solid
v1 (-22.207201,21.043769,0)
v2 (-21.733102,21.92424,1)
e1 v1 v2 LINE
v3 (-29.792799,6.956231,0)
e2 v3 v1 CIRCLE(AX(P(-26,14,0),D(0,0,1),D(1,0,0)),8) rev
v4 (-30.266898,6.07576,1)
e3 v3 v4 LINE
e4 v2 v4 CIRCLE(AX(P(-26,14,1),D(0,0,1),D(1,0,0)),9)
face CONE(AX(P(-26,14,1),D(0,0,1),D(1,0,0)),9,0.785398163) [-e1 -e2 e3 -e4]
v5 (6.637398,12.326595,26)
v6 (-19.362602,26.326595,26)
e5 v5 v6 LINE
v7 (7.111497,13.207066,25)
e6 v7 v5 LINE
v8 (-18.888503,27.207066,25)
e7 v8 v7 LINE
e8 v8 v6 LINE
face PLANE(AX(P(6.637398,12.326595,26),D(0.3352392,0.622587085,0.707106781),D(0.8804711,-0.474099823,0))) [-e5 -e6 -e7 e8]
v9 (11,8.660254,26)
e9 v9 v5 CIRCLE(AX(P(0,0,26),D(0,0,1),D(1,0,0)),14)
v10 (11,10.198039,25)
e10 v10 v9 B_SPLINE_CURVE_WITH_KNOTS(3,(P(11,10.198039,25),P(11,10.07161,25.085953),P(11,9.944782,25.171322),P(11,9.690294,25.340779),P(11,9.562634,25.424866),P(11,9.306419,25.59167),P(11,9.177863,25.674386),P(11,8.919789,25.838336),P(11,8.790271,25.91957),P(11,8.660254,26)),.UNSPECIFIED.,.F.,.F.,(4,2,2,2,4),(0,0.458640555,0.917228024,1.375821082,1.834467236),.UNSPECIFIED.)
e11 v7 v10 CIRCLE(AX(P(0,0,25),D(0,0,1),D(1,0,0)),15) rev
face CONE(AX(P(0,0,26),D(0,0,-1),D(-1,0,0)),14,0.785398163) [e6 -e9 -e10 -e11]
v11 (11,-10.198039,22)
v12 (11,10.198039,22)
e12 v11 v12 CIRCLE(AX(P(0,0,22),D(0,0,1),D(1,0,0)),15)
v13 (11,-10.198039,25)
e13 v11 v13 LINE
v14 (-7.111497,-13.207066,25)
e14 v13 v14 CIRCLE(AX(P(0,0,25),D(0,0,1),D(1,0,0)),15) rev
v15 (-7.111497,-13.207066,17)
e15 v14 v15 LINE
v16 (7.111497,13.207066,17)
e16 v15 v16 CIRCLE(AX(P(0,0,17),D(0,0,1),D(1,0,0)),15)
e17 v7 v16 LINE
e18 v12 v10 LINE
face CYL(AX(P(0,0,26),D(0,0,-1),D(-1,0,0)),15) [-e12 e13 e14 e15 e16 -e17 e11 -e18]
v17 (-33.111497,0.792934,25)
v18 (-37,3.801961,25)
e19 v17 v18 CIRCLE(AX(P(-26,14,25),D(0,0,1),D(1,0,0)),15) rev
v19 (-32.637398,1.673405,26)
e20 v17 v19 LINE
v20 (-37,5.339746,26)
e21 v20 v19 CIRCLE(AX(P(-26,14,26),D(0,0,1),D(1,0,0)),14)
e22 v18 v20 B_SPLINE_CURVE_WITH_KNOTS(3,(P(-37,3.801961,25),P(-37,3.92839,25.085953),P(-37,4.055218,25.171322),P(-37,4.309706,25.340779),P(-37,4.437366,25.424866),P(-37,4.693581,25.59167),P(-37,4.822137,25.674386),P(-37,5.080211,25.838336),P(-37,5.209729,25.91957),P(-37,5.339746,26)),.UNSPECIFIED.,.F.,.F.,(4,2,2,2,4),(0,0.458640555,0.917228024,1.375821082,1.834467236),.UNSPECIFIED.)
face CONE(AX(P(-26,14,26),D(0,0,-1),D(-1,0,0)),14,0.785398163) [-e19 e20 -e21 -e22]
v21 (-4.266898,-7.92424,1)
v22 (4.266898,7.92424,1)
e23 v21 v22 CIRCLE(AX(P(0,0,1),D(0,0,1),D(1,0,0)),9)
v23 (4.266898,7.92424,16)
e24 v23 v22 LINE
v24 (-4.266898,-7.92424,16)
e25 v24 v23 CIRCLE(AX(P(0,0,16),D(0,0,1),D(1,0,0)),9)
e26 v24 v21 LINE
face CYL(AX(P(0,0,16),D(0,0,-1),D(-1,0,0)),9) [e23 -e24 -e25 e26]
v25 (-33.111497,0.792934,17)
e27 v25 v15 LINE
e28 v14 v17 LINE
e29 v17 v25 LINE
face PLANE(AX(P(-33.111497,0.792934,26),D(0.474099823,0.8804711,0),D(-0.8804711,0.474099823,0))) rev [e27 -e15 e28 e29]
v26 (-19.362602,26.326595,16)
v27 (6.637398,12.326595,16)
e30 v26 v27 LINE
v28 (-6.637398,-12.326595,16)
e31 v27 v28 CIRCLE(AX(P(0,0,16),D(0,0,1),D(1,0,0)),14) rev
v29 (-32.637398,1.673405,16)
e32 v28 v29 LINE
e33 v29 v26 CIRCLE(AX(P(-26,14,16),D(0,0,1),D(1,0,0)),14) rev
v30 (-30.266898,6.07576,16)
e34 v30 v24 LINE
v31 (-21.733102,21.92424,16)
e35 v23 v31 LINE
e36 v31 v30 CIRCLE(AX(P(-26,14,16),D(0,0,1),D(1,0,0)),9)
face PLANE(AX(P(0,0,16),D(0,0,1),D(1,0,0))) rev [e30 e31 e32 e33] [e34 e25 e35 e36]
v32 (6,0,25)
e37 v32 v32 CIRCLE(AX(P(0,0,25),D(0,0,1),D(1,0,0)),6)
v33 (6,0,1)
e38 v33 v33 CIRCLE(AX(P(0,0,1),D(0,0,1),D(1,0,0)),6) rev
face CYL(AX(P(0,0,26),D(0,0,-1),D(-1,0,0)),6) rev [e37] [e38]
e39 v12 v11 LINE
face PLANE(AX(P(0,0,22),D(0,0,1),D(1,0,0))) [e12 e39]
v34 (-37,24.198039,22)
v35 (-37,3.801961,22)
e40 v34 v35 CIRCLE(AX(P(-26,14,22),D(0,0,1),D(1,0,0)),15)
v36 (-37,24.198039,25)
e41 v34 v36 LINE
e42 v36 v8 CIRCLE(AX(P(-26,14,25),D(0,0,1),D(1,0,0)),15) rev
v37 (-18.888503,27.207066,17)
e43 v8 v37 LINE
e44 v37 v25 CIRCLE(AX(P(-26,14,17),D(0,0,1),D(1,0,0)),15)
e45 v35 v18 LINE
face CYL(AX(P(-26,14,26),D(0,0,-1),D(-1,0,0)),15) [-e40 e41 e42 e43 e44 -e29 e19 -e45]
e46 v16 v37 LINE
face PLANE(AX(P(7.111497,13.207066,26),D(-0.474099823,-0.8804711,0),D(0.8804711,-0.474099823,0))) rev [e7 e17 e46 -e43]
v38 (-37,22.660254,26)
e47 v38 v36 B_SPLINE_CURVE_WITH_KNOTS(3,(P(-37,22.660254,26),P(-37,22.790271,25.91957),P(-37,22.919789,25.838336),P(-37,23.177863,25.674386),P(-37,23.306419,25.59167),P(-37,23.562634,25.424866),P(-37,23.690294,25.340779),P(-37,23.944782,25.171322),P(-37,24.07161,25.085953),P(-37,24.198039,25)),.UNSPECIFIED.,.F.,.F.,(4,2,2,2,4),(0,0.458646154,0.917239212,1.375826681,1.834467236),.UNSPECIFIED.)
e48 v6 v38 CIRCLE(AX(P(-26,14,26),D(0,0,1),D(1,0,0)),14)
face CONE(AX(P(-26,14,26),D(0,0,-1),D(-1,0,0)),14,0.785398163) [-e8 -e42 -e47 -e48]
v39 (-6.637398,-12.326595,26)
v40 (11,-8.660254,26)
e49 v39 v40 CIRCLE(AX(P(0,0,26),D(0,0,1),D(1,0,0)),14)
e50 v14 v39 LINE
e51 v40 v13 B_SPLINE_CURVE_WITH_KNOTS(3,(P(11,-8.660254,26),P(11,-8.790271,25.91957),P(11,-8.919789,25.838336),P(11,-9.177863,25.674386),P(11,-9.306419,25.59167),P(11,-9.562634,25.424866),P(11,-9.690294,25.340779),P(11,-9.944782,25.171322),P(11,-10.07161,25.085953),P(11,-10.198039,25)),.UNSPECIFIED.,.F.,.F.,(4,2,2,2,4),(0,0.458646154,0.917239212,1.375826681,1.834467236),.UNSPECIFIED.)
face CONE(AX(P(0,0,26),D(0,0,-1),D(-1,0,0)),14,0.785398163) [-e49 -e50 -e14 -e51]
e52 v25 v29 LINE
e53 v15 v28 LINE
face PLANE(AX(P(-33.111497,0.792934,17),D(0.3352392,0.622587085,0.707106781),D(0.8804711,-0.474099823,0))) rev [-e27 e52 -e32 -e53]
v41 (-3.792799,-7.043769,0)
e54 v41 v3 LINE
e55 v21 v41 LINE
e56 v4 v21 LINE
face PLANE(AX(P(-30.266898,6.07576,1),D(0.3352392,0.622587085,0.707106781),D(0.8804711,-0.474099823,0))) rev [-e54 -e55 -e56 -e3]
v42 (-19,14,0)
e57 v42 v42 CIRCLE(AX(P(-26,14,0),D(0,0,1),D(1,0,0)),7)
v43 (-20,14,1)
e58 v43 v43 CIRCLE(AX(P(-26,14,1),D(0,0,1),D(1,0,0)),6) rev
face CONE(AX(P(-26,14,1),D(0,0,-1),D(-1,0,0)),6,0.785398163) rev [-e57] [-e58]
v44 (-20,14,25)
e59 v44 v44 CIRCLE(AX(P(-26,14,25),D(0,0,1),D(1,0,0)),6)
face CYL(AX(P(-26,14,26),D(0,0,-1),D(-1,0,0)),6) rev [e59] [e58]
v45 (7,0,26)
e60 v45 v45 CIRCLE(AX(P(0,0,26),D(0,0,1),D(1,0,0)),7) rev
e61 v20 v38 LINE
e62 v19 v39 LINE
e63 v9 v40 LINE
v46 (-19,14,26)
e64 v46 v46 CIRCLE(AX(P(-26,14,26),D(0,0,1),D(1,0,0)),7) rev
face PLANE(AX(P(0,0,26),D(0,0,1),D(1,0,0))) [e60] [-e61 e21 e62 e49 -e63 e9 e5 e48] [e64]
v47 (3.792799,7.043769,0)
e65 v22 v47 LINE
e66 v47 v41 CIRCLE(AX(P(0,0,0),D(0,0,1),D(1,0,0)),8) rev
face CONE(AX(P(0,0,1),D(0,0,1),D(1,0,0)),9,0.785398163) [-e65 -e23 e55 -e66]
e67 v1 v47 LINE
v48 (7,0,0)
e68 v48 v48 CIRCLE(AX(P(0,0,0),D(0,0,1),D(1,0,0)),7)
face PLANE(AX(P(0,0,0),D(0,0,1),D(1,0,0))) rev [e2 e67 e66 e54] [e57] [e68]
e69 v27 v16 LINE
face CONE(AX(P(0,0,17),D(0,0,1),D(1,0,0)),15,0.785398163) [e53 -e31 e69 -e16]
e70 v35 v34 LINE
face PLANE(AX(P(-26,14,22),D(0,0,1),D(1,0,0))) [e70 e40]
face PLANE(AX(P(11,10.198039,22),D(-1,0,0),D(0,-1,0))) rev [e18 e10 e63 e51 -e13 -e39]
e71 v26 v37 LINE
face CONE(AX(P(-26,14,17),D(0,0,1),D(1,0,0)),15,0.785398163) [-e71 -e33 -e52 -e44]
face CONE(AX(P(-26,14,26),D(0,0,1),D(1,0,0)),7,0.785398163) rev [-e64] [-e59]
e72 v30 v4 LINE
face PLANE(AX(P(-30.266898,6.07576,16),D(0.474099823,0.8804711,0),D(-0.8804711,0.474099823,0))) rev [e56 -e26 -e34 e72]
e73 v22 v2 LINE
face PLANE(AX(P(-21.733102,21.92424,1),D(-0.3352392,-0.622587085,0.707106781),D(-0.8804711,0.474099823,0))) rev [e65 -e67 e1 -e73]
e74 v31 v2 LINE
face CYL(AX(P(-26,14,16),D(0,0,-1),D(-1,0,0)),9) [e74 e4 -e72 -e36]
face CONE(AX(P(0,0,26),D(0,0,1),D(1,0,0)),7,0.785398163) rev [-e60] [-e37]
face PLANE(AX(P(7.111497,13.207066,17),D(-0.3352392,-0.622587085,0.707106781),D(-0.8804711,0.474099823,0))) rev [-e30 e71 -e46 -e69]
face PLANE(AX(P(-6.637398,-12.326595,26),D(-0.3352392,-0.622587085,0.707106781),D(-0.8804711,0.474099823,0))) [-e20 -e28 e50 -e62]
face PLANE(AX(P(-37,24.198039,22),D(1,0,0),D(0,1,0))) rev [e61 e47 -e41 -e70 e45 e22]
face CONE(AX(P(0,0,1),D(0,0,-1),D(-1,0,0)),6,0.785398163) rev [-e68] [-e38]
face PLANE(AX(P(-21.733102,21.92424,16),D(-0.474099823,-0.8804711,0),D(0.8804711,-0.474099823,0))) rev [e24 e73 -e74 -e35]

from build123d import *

# Parameters (mm, degrees)
EXTRUDE_1_DEPTH     = 16
EXTRUDE_2_DEPTH     = 10
CUT_EXTRUDE_1_DEPTH = 4
SKETCH_4_R          = 6
CUT_EXTRUDE_2_DEPTH = 27
CHAMFER_1_SIZE      = 1


with BuildPart() as part:
    # 草图1 → 凸台-拉伸1 (new body)
    with BuildSketch(Plane.XY):
        with BuildLine():
            Line((-30.266898407, 6.075760101), (-4.266898407, -7.924239899))
            ThreePointArc((-4.266898407, -7.924239899), (7.924239899, -4.266898407), (4.266898407, 7.924239899))
            Line((4.266898407, 7.924239899), (-21.733101593, 21.924239899))
            ThreePointArc((-21.733101593, 21.924239899), (-33.924239899, 18.266898407), (-30.266898407, 6.075760101))
        make_face()
    extrude(amount=EXTRUDE_1_DEPTH)

    # 草图2 → 凸台-拉伸2 (add)
    with BuildSketch(Plane.XY.offset(16)):
        with BuildLine():
            Line((7.111497346, 13.207066499), (-18.888502654, 27.207066499))
            ThreePointArc((-18.888502654, 27.207066499), (-39.207066499, 21.111497346), (-33.111497346, 0.792933501))
            Line((-33.111497346, 0.792933501), (-7.111497346, -13.207066499))
            ThreePointArc((-7.111497346, -13.207066499), (13.207066499, -7.111497346), (7.111497346, 13.207066499))
        make_face()
    extrude(amount=EXTRUDE_2_DEPTH)

    # 草图3 → 切除-拉伸1 (cut)
    with BuildSketch(Plane.XY.offset(26)):
        with BuildLine():
            Line((-37, 24.198039027), (-37, 3.801960973))
            ThreePointArc((-37, 3.801960973), (-41, 14), (-37, 24.198039027))
        make_face()
        with BuildLine():
            Line((11, 10.198039027), (11, -10.198039027))
            ThreePointArc((11, -10.198039027), (15, 0), (11, 10.198039027))
        make_face()
    extrude(amount=-CUT_EXTRUDE_1_DEPTH, mode=Mode.SUBTRACT)

    # 草图4 → 切除-拉伸2 (cut, through all)
    with BuildSketch(Plane(origin=(0, 0, 0), x_dir=(-1, 0, 0), z_dir=(0, 0, -1))):
        Circle(SKETCH_4_R)
        with Locations((26, 14)):
            Circle(SKETCH_4_R)
    extrude(amount=-CUT_EXTRUDE_2_DEPTH, mode=Mode.SUBTRACT)

    # 倒角1
    chamfer_1_edges = [part.edges().sort_by_distance(p)[0] for p in [
        (13.207066499, -7.111497346, 16),
        (-5.888502654, 20.207066499, 16),
        (-39.207066499, 21.111497346, 16),
        (-20.111497346, -6.207066499, 16),
        (2.45838866, -14.797172878, 26),
        (-5.888502654, 20.207066499, 26),
        (-28.45838866, 28.797172878, 26),
        (-20.111497346, -6.207066499, 26),
        (9.179877211, 11.862961451, 26),
        (-35.179877211, 2.137038549, 26),
        (-17.266898407, -0.924239899, 0),
        (6, 0, 26),
        (6, 0, 0),
        (-20, 14, 26),
        (-20, 14, 0),
        (-33.924239899, 18.266898407, 0),
        (-8.733101593, 14.924239899, 0),
        (7.924239899, -4.266898407, 0),
    ]]
    chamfer(chamfer_1_edges, length=CHAMFER_1_SIZE)


solid = part.part
